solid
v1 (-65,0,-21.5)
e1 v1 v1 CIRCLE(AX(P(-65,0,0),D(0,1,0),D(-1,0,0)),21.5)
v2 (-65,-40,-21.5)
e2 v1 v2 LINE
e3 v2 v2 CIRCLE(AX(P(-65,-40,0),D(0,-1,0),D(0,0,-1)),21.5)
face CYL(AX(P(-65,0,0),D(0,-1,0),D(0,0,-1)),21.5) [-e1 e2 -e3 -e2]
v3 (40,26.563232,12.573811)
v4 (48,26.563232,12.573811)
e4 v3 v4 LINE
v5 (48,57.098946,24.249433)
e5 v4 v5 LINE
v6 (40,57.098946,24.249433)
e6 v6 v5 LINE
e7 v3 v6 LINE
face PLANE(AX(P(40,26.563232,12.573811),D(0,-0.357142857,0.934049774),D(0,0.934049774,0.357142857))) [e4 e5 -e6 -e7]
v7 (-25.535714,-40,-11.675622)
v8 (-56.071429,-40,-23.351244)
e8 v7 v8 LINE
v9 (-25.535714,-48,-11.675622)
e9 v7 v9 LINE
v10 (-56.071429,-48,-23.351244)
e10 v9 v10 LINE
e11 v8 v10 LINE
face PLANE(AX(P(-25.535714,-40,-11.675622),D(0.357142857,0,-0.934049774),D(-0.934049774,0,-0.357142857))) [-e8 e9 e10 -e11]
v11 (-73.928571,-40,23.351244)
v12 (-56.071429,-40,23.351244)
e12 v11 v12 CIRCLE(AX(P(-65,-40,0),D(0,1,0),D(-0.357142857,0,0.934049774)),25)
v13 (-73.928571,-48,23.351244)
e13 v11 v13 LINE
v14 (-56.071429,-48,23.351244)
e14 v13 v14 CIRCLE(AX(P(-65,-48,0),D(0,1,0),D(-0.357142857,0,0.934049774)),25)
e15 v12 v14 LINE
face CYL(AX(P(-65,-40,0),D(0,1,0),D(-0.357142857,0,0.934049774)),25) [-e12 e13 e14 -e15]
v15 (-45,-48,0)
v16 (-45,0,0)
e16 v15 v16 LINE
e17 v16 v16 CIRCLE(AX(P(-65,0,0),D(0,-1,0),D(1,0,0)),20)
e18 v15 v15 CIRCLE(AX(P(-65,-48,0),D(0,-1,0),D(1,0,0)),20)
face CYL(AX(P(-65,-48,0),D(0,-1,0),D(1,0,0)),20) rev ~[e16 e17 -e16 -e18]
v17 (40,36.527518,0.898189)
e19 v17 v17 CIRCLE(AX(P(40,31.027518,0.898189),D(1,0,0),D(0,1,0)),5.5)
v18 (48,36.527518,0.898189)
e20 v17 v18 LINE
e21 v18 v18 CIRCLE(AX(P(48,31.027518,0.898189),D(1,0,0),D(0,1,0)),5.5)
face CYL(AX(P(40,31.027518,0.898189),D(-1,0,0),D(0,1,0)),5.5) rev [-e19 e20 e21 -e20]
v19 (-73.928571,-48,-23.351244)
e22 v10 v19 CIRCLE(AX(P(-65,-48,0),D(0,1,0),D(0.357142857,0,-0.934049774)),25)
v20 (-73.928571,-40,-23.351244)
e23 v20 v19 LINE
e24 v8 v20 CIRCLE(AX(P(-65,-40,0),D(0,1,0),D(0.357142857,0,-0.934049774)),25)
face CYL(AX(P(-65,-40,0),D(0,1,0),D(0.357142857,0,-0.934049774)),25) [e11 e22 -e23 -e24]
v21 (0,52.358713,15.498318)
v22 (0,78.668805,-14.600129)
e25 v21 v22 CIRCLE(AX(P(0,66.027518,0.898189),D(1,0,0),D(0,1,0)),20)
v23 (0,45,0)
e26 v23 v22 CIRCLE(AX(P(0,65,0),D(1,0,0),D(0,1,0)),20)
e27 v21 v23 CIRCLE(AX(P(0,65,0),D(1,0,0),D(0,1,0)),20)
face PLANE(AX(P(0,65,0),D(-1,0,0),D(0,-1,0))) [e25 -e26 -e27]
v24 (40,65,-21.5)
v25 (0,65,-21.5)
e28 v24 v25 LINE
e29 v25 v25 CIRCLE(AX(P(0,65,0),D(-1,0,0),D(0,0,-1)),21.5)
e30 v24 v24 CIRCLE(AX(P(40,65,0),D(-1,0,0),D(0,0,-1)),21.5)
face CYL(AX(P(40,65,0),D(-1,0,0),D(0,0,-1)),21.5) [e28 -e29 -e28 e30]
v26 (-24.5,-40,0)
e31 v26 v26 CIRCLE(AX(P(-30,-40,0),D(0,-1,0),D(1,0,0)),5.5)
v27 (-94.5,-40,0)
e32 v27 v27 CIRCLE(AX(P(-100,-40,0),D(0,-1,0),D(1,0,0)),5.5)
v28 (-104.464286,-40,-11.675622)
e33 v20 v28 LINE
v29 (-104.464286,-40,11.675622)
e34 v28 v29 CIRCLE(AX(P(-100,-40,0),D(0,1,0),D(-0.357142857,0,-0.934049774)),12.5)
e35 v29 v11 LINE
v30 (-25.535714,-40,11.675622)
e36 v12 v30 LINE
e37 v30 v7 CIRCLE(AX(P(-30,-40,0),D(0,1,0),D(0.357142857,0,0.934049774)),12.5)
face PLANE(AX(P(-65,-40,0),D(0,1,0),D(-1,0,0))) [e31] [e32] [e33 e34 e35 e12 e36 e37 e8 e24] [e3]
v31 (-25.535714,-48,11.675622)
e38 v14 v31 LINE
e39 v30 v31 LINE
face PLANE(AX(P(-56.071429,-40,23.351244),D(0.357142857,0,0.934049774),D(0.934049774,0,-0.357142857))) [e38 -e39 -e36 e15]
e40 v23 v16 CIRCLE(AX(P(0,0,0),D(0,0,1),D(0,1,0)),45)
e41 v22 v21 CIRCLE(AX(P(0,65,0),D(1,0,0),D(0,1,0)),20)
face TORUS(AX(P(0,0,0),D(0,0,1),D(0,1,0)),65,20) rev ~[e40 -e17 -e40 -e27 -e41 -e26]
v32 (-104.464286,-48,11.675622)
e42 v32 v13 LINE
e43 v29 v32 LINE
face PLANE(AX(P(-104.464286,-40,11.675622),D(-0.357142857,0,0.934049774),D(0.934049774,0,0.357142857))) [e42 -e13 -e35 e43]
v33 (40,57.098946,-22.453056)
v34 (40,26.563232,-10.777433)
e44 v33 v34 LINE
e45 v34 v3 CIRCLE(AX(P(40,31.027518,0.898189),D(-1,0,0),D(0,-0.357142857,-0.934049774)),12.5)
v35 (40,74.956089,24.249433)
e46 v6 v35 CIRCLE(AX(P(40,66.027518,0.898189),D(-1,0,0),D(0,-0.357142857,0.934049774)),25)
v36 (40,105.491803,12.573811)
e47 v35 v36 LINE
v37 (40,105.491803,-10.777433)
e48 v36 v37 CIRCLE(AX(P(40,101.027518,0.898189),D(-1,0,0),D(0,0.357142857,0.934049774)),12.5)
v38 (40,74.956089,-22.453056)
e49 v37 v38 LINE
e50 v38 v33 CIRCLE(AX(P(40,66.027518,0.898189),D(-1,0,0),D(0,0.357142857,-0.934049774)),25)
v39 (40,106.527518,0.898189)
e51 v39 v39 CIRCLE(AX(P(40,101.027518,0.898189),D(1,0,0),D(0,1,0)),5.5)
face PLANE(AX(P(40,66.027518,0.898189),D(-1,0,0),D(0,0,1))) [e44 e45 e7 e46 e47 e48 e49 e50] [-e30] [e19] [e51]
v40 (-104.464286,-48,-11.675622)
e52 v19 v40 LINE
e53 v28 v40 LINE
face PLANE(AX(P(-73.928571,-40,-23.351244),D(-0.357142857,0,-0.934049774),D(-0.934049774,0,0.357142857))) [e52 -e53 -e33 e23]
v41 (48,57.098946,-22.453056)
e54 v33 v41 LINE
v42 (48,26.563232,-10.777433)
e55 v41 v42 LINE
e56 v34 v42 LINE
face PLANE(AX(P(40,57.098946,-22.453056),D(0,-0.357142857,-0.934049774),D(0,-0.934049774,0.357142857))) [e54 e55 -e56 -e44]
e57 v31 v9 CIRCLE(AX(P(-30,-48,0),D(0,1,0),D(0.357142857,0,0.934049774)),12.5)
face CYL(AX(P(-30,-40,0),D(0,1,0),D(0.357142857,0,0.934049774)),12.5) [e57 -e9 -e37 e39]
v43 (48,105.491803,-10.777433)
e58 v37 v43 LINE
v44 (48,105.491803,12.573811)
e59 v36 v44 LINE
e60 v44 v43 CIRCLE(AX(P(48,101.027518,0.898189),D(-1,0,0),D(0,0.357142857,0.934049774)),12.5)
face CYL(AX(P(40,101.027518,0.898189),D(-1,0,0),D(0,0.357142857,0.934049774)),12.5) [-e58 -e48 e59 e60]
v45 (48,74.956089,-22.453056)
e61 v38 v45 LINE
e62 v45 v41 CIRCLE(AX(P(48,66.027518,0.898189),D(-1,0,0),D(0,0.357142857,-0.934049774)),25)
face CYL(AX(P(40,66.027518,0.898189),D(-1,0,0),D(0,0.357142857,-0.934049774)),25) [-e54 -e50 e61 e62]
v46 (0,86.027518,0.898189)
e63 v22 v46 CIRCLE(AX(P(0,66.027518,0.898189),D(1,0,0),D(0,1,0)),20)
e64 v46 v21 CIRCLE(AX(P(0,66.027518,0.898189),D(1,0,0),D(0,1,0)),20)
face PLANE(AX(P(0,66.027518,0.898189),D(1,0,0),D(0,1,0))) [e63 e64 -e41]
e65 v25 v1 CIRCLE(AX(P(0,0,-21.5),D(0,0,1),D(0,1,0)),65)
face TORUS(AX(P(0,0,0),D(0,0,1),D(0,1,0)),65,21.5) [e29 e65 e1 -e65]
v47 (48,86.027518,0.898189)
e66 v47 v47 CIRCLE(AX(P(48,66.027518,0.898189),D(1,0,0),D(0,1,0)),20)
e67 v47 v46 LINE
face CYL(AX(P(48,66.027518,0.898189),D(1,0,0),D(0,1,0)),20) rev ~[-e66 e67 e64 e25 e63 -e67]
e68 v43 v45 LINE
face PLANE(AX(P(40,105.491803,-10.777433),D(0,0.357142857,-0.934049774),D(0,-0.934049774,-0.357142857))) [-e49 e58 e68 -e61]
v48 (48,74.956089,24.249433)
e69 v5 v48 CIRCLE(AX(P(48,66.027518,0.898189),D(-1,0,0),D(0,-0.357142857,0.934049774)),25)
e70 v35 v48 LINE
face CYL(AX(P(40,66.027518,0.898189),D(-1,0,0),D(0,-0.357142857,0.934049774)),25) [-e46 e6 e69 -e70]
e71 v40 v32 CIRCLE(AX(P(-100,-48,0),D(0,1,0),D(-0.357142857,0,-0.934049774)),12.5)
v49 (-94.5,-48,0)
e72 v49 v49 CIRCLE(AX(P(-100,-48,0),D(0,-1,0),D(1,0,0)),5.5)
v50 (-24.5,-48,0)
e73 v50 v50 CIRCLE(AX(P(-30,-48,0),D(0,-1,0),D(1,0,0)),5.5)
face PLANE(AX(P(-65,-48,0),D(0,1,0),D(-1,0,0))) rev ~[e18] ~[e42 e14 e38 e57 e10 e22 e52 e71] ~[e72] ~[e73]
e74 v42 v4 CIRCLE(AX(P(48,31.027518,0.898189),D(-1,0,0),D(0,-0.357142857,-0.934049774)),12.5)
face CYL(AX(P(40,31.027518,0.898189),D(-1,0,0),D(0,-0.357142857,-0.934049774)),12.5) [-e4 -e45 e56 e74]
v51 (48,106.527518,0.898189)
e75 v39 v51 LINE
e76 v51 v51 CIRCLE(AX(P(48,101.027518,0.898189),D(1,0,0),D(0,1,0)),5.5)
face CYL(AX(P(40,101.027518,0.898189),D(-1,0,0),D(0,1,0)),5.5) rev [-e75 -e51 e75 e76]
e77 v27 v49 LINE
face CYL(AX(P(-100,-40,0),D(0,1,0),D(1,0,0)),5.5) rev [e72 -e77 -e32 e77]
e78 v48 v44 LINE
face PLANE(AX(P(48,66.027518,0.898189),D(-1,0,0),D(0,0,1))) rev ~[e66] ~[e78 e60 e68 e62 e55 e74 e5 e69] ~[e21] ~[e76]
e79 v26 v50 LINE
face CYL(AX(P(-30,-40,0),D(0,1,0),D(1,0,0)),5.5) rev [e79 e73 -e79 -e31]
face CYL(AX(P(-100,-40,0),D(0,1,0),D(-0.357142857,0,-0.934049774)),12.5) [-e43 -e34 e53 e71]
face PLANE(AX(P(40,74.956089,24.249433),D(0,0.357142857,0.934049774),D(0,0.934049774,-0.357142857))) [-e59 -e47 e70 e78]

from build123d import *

# Parameters (mm, degrees)
SWEEP4_PROFILE_R     = 21.5
SKETCH21_R           = 5.5
BOSS_EXTRUDE5_DEPTH  = 8
SKETCH24_R           = 5.5
SKETCH24_R_2         = 17.5
BOSS_EXTRUDE6_DEPTH  = 8
SKETCH26_R           = 20
CUT_EXTRUDE1_DEPTH   = 48
SKETCH27_R           = 20
CUT_EXTRUDE2_DEPTH   = 48
CUT_SWEEP1_PROFILE_R = 20


with BuildPart() as part:
    # Sweep4: sweep along a path in Sketch1
    with BuildLine(Plane.XY) as sweep4_path:
        Line((40, 65), (0, 65))
        ThreePointArc((0, 65), (-45.961940777, 45.961940777), (-65, 0))
        Line((-65, 0), (-65, -40))
    # Sweep4 profile (on start of the path) → Sweep4 (sweep)
    with BuildSketch(Plane(origin=(40, 65, 0), x_dir=(0, 0, -1), z_dir=(-1, 0, 0))):
        Circle(SWEEP4_PROFILE_R)
    sweep(path=sweep4_path.line)

    # Sketch21 → Boss-Extrude5 (add)
    with BuildSketch(Plane.XZ.offset(40)):
        with BuildLine():
            Line((-104.464285714, 11.67562217), (-73.928571429, 23.35124434))
            ThreePointArc((-73.928571429, 23.35124434), (-65, 25), (-56.071428571, 23.35124434))
            Line((-56.071428571, 23.35124434), (-25.535714286, 11.67562217))
            ThreePointArc((-25.535714286, 11.67562217), (-17.5, 0), (-25.535714286, -11.67562217))
            Line((-25.535714286, -11.67562217), (-56.071428571, -23.35124434))
            ThreePointArc((-56.071428571, -23.35124434), (-65, -25), (-73.928571429, -23.35124434))
            Line((-73.928571429, -23.35124434), (-104.464285714, -11.67562217))
            ThreePointArc((-104.464285714, -11.67562217), (-112.5, 0), (-104.464285714, 11.67562217))
        make_face()
        with Locations((-100, 0)):
            Circle(SKETCH21_R, mode=Mode.SUBTRACT)
        with Locations((-30, 0)):
            Circle(SKETCH21_R, mode=Mode.SUBTRACT)
    extrude(amount=BOSS_EXTRUDE5_DEPTH)

    # Sketch24 → Boss-Extrude6 (add)
    with BuildSketch(Plane(origin=(40, 0, 0), x_dir=(0, 0, -1), z_dir=(1, 0, 0))):
        with BuildLine():
            Line((-12.573810861, 26.563231974), (-24.249433031, 57.09894626))
            ThreePointArc((-24.249433031, 57.09894626), (-25.898188691, 66.027517688), (-24.249433031, 74.956089117))
            Line((-24.249433031, 74.956089117), (-12.573810861, 105.491803403))
            ThreePointArc((-12.573810861, 105.491803403), (-0.898188691, 113.527517688), (10.77743348, 105.491803403))
            Line((10.77743348, 105.491803403), (22.45305565, 74.956089117))
            ThreePointArc((22.45305565, 74.956089117), (24.101811309, 66.027517688), (22.45305565, 57.09894626))
            Line((22.45305565, 57.09894626), (10.77743348, 26.563231974))
            ThreePointArc((10.77743348, 26.563231974), (-0.898188691, 18.527517688), (-12.573810861, 26.563231974))
        make_face()
        with Locations(Location((-0.898188691, 31.027517688, 0), (0, 0, 90))):
            Circle(SKETCH24_R, mode=Mode.SUBTRACT)
        with Locations((-0.898188691, 66.027517688)):
            Circle(SKETCH24_R_2, mode=Mode.SUBTRACT)
        with Locations(Location((-0.898188691, 101.027517688, 0), (0, 0, 90))):
            Circle(SKETCH24_R, mode=Mode.SUBTRACT)
    extrude(amount=BOSS_EXTRUDE6_DEPTH)

    # Sketch26 → Cut-Extrude1 (cut)
    with BuildSketch(Plane.XZ.offset(48)):
        with Locations((-65, 0)):
            Circle(SKETCH26_R)
    extrude(amount=-CUT_EXTRUDE1_DEPTH, mode=Mode.SUBTRACT)

    # Sketch27 → Cut-Extrude2 (cut)
    with BuildSketch(Plane(origin=(48, 0, 0), x_dir=(0, 0, -1), z_dir=(1, 0, 0))):
        with Locations(Location((-0.898188691, 66.027517688, 0), (0, 0, 90))):
            Circle(SKETCH27_R)
    extrude(amount=-CUT_EXTRUDE2_DEPTH, mode=Mode.SUBTRACT)

    # Cut-Sweep1: sweep along a path in Sketch28
    with BuildLine(Plane.XY) as cut_sweep1_path:
        ThreePointArc((0, 65), (-45.961940777, 45.961940777), (-65, 0))
    # Cut-Sweep1 profile (on start of the path) → Cut-Sweep1 (sweep, cut)
    with BuildSketch(Plane(origin=(0, 65, 0), x_dir=(0, -1, 0), z_dir=(-1, 0, 0))):
        Circle(CUT_SWEEP1_PROFILE_R)
    sweep(path=cut_sweep1_path.line, mode=Mode.SUBTRACT)


solid = part.part
